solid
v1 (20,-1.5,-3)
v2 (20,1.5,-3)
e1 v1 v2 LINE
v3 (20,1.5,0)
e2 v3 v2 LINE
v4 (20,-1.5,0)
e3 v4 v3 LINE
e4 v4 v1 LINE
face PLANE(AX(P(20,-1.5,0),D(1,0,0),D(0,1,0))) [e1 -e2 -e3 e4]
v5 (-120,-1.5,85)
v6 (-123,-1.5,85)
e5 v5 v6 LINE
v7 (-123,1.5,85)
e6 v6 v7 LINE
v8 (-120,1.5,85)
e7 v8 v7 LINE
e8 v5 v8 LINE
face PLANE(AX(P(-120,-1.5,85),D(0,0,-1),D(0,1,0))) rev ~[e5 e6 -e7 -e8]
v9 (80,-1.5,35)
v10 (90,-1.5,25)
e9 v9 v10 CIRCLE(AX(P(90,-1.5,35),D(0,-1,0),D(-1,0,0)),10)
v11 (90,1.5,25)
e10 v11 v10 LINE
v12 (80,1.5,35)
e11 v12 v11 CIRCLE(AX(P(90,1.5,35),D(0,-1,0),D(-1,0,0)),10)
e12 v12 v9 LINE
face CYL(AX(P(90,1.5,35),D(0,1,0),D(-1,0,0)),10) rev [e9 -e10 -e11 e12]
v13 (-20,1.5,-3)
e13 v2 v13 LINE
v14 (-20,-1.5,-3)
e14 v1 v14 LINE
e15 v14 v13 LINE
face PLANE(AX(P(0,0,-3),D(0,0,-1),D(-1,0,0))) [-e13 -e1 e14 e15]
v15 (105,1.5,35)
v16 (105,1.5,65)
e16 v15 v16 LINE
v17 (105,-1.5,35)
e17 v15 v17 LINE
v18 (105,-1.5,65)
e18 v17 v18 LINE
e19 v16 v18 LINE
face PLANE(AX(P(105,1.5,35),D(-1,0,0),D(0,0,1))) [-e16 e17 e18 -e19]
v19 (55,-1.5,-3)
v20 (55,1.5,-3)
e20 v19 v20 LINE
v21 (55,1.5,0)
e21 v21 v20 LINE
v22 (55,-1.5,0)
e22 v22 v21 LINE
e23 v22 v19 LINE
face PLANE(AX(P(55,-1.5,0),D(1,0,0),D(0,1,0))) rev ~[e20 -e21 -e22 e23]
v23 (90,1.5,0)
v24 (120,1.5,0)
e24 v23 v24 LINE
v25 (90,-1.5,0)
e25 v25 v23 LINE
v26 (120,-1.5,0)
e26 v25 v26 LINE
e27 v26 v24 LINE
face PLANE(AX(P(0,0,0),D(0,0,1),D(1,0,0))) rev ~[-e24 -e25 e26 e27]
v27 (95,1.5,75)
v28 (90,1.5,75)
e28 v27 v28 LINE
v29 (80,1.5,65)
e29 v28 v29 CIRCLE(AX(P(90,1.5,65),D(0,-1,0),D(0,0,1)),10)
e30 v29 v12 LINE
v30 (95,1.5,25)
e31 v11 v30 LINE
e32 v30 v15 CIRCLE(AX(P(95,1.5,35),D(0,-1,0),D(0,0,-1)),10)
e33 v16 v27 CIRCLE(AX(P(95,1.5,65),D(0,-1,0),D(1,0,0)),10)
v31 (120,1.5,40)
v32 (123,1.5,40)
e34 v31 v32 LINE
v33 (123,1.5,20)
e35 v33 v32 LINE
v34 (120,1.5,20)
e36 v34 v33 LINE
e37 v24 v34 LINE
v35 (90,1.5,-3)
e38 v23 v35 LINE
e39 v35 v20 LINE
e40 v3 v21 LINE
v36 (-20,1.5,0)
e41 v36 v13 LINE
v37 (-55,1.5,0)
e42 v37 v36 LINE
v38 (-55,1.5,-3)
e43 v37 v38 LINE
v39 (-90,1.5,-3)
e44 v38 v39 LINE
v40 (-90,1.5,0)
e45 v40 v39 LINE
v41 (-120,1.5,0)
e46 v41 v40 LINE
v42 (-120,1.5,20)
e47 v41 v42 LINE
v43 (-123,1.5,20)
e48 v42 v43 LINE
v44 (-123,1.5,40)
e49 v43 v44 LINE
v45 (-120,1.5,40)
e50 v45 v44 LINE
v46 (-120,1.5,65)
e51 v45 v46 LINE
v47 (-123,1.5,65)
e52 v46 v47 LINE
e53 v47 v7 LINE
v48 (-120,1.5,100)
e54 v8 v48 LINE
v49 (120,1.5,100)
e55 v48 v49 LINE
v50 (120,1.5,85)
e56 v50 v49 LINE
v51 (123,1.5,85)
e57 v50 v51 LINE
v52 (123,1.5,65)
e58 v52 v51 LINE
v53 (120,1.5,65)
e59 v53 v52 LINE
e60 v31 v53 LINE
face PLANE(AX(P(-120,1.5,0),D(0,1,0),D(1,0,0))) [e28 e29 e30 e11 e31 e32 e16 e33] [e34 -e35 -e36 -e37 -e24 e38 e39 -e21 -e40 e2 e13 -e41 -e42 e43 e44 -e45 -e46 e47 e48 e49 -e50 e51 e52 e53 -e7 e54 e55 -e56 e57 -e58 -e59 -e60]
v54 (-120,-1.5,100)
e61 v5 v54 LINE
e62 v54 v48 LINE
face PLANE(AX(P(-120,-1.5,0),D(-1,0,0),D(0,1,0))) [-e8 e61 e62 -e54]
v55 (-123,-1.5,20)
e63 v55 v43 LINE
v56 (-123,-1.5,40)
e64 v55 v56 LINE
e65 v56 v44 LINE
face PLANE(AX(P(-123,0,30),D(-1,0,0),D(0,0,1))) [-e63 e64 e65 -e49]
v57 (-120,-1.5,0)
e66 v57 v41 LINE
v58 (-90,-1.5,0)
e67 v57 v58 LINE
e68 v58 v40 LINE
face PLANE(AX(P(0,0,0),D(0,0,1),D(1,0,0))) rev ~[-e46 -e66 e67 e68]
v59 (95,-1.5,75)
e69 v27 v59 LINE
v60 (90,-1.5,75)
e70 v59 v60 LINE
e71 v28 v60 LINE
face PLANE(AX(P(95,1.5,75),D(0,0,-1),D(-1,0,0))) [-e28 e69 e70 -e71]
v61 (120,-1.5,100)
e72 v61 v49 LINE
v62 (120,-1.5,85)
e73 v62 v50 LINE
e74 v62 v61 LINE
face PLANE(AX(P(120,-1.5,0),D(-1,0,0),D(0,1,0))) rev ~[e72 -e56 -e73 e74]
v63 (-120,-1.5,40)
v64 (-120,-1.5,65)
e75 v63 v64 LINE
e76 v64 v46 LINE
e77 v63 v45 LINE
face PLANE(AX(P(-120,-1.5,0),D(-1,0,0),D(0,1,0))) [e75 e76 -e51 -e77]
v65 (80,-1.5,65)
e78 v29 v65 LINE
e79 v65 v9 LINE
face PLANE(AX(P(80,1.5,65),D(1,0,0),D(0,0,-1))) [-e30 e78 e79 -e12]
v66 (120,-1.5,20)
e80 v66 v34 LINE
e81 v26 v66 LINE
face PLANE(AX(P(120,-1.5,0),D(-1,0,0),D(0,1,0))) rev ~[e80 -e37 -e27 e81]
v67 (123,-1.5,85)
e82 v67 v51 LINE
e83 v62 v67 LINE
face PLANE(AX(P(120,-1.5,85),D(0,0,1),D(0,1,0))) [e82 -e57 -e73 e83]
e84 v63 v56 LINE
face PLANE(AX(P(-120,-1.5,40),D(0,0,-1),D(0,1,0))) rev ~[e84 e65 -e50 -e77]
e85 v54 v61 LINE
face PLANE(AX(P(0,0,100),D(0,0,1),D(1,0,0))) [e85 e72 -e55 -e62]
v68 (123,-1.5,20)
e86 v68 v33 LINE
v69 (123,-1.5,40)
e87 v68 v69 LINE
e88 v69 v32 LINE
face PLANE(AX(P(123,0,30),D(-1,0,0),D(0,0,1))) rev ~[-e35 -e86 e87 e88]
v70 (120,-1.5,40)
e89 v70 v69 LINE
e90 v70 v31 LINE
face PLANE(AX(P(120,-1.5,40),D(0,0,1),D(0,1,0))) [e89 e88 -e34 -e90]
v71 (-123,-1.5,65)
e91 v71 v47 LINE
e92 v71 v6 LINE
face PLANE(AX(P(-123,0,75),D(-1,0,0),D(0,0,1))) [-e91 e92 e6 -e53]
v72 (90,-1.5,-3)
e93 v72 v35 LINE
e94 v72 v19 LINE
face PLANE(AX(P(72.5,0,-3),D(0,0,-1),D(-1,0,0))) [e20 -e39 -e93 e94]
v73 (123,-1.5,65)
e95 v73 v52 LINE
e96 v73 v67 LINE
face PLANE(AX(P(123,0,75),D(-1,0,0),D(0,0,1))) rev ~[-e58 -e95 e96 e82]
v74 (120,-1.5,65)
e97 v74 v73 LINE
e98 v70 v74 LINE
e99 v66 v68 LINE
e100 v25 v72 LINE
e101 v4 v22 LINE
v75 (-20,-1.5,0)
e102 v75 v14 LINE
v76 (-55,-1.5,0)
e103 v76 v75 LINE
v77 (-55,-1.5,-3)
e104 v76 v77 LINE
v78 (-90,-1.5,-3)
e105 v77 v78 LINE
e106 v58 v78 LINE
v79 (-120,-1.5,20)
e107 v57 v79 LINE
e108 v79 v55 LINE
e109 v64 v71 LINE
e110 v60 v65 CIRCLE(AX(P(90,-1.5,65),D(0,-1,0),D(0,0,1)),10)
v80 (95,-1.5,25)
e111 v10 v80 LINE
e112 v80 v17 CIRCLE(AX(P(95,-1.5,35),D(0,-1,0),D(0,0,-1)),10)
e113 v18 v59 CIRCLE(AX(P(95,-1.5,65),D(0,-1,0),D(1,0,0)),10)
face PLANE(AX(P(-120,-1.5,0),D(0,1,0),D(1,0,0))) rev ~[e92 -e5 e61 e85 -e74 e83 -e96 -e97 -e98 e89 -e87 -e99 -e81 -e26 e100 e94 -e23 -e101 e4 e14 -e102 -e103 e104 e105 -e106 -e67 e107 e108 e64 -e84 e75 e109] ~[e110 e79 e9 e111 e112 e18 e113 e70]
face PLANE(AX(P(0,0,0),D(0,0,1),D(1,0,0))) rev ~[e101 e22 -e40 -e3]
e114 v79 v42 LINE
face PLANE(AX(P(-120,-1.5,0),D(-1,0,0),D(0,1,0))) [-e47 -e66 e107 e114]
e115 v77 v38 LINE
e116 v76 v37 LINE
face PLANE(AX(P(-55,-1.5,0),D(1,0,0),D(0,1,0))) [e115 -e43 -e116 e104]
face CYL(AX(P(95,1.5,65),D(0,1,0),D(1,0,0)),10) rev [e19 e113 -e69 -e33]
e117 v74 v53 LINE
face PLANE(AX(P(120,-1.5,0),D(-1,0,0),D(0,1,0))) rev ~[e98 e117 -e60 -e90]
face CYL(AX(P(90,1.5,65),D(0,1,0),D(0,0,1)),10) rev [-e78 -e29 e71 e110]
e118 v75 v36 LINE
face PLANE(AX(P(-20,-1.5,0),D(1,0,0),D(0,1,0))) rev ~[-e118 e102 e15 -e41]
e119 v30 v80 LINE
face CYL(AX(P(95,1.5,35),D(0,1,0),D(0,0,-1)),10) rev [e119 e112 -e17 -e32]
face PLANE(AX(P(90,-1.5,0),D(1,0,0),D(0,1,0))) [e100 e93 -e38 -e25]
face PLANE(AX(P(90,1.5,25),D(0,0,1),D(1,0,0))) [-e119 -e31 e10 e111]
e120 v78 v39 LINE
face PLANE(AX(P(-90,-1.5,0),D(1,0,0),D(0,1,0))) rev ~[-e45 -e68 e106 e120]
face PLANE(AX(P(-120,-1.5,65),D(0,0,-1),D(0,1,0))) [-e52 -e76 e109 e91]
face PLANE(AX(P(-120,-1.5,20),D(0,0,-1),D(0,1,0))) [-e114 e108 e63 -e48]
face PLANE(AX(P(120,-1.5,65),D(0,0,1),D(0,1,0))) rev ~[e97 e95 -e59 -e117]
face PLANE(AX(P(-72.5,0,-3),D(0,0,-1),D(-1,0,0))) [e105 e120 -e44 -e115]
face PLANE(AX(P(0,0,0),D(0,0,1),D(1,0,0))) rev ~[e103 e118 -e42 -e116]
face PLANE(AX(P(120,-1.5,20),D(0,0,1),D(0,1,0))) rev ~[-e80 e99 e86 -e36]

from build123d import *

# Parameters (mm, degrees)
SKETCH2_W           = 240
SKETCH2_H           = 3
BOSS_EXTRUDE1_DEPTH = 100
SKETCH3_W           = 20
SKETCH3_H           = 3
BOSS_EXTRUDE2_DEPTH = 3
BOSS_EXTRUDE3_START = -240
SKETCH3_2_W         = 20
SKETCH3_2_H         = 3
BOSS_EXTRUDE3_DEPTH = 3
SKETCH4_W           = 35
SKETCH4_H           = 3
SKETCH4_W_2         = 40
BOSS_EXTRUDE4_DEPTH = 3
CUT_EXTRUDE1_DEPTH  = 3


with BuildPart() as part:
    # Sketch2 → Boss-Extrude1 (new body)
    with BuildSketch(Plane.XY):
        Rectangle(SKETCH2_W, SKETCH2_H)
    extrude(amount=BOSS_EXTRUDE1_DEPTH)

    # Sketch3 → Boss-Extrude2 (add)
    with BuildSketch(Plane.ZY.offset(120)):
        with Locations((30, 0)):
            Rectangle(SKETCH3_W, SKETCH3_H)
        with Locations((75, 0)):
            Rectangle(SKETCH3_W, SKETCH3_H)
    extrude(amount=BOSS_EXTRUDE2_DEPTH)

    # Sketch3<2> → Boss-Extrude3 (add)
    with BuildSketch(Plane.ZY.offset(120).offset(BOSS_EXTRUDE3_START)):
        with Locations((30, 0)):
            Rectangle(SKETCH3_2_W, SKETCH3_2_H)
        with Locations((75, 0)):
            Rectangle(SKETCH3_2_W, SKETCH3_2_H)
    extrude(amount=-BOSS_EXTRUDE3_DEPTH)

    # Sketch4 → Boss-Extrude4 (add)
    with BuildSketch(Plane(origin=(0, 0, 0), x_dir=(-1, 0, 0), z_dir=(0, 0, -1))):
        with Locations((-72.5, 0)):
            Rectangle(SKETCH4_W, SKETCH4_H)
        Rectangle(SKETCH4_W_2, SKETCH4_H)
        with Locations((72.5, 0)):
            Rectangle(SKETCH4_W, SKETCH4_H)
    extrude(amount=BOSS_EXTRUDE4_DEPTH)

    # Sketch5 → Cut-Extrude1 (cut)
    with BuildSketch(Plane(origin=(0, 1.5, 0), x_dir=(1, 0, 0), z_dir=(0, 1, 0))):
        with BuildLine():
            Line((90, -25), (95, -25))
            ThreePointArc((95, -25), (102.071067812, -27.928932188), (105, -35))
            Line((105, -35), (105, -65))
            ThreePointArc((105, -65), (102.071067812, -72.071067812), (95, -75))
            Line((95, -75), (90, -75))
            ThreePointArc((90, -75), (82.928932188, -72.071067812), (80, -65))
            Line((80, -65), (80, -35))
            ThreePointArc((80, -35), (82.928932188, -27.928932188), (90, -25))
        make_face()
    extrude(amount=-CUT_EXTRUDE1_DEPTH, mode=Mode.SUBTRACT)


solid = part.part
